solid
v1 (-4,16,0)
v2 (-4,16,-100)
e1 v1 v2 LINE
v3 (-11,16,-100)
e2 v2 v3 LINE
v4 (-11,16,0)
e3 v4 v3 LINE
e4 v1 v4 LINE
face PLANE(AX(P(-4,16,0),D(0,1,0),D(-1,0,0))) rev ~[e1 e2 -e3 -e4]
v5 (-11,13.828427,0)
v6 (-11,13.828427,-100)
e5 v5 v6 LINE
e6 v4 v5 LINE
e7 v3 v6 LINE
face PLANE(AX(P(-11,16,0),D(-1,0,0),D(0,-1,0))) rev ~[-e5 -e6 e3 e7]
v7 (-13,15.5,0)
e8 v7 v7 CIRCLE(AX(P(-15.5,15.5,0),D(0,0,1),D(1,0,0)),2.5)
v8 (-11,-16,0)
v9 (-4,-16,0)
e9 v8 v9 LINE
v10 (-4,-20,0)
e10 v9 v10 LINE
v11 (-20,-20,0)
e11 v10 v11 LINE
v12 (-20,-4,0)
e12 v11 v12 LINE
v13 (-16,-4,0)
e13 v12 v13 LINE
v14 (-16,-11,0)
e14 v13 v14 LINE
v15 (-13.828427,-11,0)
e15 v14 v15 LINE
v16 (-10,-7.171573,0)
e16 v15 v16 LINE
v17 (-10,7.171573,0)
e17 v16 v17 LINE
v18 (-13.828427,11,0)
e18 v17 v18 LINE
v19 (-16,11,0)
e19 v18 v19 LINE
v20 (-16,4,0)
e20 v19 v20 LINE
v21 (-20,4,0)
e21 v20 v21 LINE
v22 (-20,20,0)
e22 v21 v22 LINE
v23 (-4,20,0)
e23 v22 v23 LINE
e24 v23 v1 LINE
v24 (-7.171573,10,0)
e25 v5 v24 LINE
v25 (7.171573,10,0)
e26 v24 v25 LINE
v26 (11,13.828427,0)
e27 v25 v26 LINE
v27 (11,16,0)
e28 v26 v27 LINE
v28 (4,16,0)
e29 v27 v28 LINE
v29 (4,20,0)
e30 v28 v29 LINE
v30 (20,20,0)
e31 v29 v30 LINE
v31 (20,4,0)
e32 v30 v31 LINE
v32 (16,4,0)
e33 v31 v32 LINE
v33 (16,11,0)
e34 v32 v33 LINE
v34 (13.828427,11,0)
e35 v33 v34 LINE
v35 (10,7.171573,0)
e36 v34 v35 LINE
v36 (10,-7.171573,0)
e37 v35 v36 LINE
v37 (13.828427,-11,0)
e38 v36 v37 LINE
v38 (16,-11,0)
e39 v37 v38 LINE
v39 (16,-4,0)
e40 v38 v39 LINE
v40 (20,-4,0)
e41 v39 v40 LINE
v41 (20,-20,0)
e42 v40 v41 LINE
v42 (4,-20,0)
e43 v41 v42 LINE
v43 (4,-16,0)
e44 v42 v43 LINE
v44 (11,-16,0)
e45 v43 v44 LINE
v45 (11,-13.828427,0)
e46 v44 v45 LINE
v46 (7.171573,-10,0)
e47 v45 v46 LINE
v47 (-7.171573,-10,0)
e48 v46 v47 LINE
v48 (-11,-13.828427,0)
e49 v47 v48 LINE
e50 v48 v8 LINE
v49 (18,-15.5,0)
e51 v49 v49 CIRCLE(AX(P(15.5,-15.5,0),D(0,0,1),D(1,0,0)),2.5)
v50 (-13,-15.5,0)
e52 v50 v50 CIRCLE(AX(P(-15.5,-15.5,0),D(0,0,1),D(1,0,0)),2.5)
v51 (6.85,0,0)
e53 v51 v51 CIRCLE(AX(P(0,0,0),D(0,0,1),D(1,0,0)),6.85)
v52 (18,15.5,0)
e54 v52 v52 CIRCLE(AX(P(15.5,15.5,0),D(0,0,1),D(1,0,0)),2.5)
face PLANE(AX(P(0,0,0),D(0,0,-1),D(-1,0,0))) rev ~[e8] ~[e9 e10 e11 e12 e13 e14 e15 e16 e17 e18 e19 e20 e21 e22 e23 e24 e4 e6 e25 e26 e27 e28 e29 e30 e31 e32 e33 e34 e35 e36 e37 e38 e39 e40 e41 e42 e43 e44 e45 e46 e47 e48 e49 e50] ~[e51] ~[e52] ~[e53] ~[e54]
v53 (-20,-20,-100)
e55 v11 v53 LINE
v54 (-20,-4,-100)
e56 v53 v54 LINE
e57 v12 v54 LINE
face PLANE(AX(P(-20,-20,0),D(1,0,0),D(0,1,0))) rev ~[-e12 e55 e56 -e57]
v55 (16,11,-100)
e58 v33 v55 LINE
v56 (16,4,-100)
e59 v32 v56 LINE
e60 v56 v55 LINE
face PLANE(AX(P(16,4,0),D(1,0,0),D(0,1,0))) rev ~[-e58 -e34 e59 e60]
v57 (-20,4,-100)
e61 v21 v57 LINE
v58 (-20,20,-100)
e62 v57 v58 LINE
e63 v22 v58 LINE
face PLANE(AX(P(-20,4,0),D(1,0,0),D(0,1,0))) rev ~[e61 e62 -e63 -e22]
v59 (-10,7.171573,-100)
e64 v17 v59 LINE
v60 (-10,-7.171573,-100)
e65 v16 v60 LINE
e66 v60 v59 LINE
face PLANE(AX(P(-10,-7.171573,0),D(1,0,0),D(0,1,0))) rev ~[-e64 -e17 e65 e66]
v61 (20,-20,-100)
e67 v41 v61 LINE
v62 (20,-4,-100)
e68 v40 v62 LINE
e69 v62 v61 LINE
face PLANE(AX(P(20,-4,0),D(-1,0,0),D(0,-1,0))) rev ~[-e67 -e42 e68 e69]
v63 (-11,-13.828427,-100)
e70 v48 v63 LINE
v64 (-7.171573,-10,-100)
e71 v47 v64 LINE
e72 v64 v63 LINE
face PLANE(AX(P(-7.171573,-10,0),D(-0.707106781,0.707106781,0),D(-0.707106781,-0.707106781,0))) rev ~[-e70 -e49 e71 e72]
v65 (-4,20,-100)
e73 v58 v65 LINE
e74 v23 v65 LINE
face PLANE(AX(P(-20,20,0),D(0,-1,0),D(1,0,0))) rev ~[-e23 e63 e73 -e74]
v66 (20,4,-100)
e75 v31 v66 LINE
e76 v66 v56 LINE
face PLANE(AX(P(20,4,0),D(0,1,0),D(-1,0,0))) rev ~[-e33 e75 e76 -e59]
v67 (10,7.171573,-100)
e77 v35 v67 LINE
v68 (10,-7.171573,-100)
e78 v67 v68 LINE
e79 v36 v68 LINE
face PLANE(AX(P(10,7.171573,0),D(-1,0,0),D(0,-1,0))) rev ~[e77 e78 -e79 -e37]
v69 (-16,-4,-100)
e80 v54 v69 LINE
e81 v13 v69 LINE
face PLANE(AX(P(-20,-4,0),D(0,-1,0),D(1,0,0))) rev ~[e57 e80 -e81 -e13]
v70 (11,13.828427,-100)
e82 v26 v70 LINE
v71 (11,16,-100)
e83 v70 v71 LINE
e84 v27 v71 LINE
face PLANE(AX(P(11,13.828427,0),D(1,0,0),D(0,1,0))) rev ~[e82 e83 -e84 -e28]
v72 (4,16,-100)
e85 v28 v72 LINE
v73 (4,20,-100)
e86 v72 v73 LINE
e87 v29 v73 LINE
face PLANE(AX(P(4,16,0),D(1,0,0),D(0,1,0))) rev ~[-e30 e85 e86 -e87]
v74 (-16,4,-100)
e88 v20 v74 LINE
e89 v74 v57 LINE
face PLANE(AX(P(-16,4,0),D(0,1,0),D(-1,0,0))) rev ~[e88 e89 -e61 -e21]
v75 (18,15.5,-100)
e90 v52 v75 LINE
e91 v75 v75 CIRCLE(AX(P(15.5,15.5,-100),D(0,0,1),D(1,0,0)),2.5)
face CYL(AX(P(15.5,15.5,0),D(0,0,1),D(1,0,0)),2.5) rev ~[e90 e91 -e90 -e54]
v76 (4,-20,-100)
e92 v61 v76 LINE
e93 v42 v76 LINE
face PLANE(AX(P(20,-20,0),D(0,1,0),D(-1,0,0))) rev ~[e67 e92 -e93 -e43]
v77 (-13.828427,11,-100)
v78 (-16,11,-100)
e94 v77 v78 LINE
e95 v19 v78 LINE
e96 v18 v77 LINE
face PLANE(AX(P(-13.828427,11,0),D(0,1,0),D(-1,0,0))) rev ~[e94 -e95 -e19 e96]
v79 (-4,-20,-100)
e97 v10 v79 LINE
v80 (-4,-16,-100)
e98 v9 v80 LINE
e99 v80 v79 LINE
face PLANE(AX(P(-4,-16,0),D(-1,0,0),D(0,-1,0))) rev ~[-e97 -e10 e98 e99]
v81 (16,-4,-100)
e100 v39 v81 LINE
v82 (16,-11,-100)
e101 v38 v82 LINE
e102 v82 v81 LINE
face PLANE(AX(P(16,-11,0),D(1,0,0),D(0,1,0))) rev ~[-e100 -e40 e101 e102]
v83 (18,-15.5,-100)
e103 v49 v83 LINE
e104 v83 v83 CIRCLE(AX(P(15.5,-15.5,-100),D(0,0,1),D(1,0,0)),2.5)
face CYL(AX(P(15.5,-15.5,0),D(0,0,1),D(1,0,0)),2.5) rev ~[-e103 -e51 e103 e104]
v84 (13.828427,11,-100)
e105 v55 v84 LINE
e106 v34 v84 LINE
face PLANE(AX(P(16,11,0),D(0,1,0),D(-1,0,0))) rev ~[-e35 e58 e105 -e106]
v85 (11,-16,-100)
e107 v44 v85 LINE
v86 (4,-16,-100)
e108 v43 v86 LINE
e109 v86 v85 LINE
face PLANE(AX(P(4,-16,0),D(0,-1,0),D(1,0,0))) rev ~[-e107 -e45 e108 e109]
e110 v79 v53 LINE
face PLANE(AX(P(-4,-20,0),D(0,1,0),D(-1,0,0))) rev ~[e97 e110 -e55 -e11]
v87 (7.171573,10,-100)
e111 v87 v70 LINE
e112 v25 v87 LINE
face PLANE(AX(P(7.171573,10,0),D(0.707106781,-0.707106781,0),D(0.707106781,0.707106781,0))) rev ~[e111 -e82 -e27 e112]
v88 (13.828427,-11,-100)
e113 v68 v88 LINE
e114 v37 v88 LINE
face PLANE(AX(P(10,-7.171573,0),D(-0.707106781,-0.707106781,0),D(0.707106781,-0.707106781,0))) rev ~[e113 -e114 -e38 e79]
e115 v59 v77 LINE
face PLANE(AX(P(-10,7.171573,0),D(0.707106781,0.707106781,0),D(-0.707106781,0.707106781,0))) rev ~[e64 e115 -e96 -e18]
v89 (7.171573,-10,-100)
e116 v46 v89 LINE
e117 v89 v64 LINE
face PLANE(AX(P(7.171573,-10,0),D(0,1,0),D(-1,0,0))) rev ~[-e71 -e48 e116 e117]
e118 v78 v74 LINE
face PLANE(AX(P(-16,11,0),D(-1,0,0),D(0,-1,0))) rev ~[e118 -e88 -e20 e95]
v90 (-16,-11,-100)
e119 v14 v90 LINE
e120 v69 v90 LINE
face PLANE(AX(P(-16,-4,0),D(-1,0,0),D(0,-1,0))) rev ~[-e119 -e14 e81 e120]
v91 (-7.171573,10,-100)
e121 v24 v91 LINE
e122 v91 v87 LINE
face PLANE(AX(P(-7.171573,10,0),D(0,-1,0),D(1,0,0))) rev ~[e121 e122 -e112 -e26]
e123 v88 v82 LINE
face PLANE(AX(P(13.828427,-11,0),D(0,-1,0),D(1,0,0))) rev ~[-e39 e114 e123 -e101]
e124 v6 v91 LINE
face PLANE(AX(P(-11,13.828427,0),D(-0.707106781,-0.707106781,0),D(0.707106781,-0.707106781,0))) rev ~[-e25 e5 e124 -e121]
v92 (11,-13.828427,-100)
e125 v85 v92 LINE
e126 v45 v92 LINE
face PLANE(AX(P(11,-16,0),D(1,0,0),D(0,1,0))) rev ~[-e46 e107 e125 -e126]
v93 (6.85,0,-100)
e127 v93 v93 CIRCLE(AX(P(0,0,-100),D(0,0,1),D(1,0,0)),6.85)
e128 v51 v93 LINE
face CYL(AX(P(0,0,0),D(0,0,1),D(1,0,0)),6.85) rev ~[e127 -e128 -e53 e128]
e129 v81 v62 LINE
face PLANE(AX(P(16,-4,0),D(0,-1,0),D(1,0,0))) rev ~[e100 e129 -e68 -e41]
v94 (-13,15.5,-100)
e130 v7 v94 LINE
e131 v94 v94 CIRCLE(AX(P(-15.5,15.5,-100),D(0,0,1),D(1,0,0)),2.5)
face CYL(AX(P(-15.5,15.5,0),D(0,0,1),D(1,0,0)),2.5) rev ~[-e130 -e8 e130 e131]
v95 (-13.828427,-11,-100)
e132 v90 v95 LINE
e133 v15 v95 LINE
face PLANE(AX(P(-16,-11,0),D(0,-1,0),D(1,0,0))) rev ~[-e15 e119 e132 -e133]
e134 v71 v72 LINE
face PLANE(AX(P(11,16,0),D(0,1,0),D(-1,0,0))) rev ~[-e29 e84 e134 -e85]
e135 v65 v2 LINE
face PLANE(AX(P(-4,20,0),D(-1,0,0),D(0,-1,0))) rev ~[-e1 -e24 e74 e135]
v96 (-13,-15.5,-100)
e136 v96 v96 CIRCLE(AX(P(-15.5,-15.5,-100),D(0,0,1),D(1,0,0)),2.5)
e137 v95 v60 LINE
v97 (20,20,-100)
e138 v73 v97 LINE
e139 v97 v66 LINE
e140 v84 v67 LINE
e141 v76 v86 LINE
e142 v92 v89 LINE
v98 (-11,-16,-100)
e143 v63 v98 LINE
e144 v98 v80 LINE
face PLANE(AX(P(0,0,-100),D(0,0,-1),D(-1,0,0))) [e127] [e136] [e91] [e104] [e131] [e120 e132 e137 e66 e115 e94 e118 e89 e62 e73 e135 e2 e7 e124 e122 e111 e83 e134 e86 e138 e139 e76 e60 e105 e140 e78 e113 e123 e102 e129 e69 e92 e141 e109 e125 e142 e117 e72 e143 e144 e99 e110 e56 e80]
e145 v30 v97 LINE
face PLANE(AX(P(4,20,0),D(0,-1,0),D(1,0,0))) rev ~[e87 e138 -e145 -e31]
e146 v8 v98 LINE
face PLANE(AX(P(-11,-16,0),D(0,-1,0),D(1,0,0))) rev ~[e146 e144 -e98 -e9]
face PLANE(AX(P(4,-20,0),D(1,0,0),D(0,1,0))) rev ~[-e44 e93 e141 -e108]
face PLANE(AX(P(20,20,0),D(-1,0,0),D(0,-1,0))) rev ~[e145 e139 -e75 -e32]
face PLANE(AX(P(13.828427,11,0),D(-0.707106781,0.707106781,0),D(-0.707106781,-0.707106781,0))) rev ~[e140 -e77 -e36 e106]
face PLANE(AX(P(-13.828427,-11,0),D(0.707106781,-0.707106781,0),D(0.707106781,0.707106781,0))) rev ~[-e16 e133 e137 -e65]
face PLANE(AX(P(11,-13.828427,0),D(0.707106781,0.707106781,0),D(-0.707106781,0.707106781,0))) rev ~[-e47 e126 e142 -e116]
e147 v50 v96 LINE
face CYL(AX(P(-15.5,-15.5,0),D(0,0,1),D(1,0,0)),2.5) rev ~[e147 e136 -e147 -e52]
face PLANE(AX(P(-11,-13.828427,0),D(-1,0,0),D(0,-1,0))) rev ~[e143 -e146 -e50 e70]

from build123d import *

# Parameters (mm, degrees)
SKETCH1_R      = 2.5
SKETCH1_R_2    = 6.85
EXTRUDE1_DEPTH = 100


with BuildPart() as part:
    # Sketch1 → Extrude1 (new body)
    with BuildSketch(Plane.XY):
        Polygon((-20, -4), (-16, -4), (-16, -11), (-13.828427, -11), (-10, -7.171573), (-10, 7.171573), (-13.828427, 11), (-16, 11), (-16, 4), (-20, 4), (-20, 20), (-4, 20), (-4, 16), (-11, 16), (-11, 13.828427), (-7.171573, 10), (7.171573, 10), (11, 13.828427), (11, 16), (4, 16), (4, 20), (20, 20), (20, 4), (16, 4), (16, 11), (13.828427, 11), (10, 7.171573), (10, -7.171573), (13.828427, -11), (16, -11), (16, -4), (20, -4), (20, -20), (4, -20), (4, -16), (11, -16), (11, -13.828427), (7.171573, -10), (-7.171573, -10), (-11, -13.828427), (-11, -16), (-4, -16), (-4, -20), (-20, -20), align=None)
        with Locations((-15.5, -15.5)):
            Circle(SKETCH1_R, mode=Mode.SUBTRACT)
        with Locations((-15.5, 15.5)):
            Circle(SKETCH1_R, mode=Mode.SUBTRACT)
        with Locations((15.5, -15.5)):
            Circle(SKETCH1_R, mode=Mode.SUBTRACT)
        with Locations((15.5, 15.5)):
            Circle(SKETCH1_R, mode=Mode.SUBTRACT)
        Circle(SKETCH1_R_2, mode=Mode.SUBTRACT)
    extrude(amount=-EXTRUDE1_DEPTH)


solid = part.part
